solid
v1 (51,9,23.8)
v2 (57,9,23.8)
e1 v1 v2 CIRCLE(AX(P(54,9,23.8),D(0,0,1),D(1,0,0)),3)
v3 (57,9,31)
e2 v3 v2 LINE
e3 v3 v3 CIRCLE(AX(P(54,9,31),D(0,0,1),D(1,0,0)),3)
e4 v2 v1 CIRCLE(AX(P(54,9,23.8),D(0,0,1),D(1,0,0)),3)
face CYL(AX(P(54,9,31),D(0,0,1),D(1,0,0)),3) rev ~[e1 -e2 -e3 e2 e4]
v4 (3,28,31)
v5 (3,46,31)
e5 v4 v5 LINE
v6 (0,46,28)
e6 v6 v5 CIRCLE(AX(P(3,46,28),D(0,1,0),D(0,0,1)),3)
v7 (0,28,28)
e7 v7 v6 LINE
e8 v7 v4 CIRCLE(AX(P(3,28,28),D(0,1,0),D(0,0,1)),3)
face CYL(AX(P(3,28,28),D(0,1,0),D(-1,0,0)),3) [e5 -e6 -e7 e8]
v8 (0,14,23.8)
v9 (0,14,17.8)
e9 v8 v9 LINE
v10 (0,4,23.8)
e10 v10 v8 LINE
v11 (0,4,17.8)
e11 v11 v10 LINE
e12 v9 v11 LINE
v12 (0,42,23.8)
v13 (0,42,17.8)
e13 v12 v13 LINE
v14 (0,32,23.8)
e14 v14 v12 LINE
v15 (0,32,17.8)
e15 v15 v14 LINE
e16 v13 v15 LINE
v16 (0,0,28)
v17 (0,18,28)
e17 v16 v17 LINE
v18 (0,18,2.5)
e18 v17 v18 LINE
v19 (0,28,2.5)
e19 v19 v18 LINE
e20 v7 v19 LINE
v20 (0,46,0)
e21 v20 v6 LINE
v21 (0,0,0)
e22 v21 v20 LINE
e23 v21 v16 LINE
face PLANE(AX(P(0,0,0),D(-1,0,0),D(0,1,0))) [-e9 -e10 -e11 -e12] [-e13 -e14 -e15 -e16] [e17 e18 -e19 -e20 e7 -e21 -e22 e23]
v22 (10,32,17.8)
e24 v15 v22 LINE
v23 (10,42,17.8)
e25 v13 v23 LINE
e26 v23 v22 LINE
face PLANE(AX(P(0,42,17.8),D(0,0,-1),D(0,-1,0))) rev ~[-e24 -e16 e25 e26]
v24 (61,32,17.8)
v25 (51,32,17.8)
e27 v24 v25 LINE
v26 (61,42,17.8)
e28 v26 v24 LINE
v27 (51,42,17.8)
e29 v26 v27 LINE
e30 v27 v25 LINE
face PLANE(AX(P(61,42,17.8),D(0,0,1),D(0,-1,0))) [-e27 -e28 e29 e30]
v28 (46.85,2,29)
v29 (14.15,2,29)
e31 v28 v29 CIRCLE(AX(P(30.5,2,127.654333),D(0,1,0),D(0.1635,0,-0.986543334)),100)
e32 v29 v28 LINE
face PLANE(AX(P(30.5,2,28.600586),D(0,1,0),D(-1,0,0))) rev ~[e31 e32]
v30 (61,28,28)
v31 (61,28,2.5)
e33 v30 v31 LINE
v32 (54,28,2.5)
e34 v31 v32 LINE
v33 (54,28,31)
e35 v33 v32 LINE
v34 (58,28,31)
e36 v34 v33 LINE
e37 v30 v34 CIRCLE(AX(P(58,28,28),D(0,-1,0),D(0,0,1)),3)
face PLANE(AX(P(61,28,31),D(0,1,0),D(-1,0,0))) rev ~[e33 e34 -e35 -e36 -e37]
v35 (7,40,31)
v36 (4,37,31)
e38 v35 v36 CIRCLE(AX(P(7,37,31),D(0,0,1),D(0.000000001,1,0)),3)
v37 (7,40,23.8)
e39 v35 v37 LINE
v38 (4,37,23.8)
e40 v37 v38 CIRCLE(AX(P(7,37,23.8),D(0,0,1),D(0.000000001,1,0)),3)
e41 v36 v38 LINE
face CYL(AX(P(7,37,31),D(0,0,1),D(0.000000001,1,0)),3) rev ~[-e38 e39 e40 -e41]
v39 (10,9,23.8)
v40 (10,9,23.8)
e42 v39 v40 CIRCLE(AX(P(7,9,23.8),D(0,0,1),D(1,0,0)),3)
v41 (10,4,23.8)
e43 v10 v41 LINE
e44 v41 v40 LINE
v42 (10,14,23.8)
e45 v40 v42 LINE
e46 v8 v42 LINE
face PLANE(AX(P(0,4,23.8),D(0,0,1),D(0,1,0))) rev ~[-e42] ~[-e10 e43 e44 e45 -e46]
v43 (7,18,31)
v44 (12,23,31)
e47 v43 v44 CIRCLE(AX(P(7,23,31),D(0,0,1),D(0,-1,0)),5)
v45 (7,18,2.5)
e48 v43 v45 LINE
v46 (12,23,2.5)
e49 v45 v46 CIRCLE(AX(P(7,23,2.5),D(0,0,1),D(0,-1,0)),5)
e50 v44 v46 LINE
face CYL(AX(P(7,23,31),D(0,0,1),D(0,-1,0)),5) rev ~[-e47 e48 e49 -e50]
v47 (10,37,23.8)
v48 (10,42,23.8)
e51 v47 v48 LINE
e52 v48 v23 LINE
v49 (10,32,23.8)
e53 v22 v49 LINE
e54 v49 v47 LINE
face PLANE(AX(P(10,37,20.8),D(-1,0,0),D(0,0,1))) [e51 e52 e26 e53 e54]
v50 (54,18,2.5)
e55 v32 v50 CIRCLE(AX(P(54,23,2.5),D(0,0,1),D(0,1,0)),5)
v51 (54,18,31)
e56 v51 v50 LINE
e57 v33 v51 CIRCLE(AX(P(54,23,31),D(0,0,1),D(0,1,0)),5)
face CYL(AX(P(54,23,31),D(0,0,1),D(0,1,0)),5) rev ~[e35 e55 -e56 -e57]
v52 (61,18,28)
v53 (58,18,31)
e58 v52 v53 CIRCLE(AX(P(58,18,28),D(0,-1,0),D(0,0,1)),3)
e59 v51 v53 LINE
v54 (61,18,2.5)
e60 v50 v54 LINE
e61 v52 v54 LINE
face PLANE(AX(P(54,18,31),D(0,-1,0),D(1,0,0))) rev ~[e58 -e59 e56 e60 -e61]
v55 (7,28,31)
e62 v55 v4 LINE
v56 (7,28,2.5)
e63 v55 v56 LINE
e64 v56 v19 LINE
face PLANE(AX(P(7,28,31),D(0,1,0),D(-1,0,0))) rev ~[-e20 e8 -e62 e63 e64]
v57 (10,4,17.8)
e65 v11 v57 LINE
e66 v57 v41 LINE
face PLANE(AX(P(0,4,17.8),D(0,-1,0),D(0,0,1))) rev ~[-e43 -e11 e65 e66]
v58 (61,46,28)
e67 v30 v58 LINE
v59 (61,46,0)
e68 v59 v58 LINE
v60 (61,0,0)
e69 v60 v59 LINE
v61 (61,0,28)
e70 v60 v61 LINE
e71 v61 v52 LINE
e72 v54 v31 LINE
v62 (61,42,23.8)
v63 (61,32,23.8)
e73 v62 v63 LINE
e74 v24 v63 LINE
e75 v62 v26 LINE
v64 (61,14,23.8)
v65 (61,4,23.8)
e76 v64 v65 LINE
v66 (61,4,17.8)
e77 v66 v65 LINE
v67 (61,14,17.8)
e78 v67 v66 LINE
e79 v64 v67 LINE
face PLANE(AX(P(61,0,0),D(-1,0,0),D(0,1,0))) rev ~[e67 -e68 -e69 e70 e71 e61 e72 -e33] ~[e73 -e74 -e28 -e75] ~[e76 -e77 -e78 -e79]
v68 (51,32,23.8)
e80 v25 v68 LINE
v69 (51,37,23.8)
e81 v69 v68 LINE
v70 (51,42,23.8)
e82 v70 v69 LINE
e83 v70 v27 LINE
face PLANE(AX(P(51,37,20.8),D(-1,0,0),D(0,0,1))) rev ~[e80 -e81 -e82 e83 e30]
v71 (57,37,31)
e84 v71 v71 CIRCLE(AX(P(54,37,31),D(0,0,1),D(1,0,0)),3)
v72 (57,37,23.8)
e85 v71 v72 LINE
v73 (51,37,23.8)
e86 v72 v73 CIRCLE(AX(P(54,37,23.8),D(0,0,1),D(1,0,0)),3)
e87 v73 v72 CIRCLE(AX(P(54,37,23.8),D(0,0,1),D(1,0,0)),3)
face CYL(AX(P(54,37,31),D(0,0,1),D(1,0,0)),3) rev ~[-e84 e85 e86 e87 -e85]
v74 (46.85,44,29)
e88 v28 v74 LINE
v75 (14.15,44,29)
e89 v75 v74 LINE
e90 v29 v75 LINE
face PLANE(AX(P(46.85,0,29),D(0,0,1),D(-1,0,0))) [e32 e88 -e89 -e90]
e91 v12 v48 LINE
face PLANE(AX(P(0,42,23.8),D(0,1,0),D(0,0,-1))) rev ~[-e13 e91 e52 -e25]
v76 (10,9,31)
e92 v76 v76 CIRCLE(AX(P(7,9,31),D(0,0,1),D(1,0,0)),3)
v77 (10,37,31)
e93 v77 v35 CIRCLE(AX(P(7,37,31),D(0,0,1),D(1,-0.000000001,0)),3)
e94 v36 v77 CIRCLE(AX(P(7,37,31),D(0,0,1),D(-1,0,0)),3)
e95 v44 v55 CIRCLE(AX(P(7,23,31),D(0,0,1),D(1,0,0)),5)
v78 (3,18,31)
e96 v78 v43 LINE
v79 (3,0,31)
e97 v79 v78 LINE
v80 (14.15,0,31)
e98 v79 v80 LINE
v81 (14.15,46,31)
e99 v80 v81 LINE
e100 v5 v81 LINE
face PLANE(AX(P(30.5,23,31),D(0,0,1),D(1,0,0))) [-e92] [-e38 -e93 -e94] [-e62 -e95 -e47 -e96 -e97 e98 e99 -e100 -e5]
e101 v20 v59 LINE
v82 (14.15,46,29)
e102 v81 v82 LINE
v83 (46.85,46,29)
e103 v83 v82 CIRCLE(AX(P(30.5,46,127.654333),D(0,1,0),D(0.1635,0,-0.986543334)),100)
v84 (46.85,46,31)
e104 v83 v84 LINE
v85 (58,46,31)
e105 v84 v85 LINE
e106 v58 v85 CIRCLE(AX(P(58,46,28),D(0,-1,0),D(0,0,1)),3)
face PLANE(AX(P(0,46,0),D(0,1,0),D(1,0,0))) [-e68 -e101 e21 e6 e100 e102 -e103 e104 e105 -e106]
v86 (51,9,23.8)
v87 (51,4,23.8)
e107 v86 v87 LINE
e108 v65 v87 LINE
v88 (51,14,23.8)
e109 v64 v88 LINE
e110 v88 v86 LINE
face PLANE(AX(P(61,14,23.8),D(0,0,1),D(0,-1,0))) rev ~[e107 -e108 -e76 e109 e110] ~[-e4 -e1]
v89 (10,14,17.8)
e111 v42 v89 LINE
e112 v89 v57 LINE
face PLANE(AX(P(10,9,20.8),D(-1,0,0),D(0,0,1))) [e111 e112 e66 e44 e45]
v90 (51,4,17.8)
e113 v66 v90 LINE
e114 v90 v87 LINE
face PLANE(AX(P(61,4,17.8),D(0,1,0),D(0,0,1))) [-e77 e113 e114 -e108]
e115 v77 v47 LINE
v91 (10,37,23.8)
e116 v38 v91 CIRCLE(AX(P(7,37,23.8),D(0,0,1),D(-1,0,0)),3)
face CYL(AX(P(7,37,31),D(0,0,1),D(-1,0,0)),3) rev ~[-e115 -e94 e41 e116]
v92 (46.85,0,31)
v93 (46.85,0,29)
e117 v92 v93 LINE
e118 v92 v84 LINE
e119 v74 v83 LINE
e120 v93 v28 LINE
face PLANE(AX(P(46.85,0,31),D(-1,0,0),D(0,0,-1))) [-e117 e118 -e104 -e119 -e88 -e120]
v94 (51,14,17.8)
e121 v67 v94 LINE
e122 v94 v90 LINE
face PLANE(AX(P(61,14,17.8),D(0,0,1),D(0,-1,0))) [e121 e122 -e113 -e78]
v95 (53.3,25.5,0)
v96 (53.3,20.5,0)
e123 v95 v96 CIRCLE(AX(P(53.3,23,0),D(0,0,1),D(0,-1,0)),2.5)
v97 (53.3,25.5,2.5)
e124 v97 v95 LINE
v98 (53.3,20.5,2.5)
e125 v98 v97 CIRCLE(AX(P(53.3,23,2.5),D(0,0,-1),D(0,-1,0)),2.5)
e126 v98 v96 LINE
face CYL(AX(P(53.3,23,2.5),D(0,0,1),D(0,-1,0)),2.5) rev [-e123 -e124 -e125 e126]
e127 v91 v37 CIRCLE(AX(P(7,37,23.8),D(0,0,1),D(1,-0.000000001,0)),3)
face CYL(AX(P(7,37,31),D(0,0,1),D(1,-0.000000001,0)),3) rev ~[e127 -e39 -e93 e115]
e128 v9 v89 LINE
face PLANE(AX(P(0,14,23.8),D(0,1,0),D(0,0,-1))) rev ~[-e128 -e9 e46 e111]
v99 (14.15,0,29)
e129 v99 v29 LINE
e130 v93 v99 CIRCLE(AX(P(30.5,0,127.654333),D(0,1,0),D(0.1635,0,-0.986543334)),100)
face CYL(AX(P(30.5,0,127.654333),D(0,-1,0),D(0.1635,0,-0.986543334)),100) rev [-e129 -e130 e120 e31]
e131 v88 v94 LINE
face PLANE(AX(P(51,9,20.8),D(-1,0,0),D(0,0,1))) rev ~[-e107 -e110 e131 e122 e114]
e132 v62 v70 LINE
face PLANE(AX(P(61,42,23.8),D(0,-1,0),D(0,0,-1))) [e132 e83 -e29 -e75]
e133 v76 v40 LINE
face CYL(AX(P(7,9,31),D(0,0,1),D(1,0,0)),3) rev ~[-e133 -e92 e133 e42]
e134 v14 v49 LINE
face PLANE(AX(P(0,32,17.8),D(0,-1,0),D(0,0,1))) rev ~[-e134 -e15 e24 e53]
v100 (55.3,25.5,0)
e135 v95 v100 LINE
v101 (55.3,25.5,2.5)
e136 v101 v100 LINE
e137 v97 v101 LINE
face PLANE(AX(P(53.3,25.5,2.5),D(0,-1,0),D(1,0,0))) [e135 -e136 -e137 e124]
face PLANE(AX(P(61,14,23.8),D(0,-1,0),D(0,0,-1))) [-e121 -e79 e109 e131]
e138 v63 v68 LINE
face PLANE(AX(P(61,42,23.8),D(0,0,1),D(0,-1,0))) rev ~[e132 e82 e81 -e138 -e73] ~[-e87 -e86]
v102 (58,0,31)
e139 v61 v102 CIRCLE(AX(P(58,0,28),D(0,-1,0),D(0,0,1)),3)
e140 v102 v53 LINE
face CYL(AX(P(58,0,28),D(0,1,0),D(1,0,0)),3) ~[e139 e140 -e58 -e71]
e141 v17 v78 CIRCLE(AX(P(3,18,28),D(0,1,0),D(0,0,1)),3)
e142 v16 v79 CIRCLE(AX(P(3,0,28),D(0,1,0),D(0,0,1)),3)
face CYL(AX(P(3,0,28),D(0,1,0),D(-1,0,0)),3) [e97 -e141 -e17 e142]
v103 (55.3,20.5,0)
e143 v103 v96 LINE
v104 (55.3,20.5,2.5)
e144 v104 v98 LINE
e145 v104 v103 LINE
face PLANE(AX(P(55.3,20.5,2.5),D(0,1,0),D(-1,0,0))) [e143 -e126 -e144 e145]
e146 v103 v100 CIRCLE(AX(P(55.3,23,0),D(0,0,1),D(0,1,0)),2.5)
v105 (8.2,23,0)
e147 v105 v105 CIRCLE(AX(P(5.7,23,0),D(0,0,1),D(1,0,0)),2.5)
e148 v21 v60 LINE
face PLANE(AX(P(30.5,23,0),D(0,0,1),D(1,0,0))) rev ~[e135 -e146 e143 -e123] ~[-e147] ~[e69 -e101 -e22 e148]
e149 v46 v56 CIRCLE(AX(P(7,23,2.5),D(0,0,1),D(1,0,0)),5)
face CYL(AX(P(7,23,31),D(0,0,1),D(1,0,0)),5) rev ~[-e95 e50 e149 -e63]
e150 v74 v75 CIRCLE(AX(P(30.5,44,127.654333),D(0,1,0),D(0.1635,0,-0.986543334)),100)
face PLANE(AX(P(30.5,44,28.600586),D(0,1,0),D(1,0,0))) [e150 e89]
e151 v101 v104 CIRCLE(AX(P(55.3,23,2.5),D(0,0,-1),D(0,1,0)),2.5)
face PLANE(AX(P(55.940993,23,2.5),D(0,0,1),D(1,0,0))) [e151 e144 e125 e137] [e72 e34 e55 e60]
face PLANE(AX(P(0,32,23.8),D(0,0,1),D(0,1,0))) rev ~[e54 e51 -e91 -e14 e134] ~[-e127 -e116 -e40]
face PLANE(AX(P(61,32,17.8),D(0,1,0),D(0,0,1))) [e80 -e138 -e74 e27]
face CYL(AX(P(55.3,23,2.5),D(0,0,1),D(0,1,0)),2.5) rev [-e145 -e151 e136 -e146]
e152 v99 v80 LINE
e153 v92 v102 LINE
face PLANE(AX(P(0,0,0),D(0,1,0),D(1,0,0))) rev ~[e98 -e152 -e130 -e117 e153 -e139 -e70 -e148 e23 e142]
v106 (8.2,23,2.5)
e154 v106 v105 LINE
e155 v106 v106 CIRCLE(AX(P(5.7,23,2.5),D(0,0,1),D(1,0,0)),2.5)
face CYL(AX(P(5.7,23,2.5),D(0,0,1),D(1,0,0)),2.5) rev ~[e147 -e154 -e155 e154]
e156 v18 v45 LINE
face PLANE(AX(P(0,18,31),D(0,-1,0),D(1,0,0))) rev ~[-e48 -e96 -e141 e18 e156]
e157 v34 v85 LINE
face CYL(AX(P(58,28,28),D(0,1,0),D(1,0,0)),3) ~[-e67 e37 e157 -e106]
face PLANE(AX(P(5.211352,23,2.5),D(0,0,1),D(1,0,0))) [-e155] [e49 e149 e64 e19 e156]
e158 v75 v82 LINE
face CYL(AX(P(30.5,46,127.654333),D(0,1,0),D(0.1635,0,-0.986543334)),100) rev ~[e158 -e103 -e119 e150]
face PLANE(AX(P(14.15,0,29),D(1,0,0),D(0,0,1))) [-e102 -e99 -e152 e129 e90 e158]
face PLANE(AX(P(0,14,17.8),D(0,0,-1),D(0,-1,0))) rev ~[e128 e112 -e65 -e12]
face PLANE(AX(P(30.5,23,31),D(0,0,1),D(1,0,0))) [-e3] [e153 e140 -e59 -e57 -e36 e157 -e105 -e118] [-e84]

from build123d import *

# Parameters (mm, degrees)
SKETCH_1_W          = 61
SKETCH_1_H          = 46
EXTRUDE_1_DEPTH     = 31
CUT_EXTRUDE_1_DEPTH = 28.5
SKETCH_3_R          = 2.5
CUT_EXTRUDE_2_DEPTH = 28.5
CUT_EXTRUDE_3_DEPTH = 28.5
CUT_EXTRUDE_4_DEPTH = 68.5
CUT_EXTRUDE_5_DEPTH = 2
CUT_EXTRUDE_6_DEPTH = 2
SKETCH_8_R          = 3
CUT_EXTRUDE_7_DEPTH = 7.2
CUT_EXTRUDE_8_DEPTH = 10
CUT_EXTRUDE_9_DEPTH = 10
FILLET_1_R          = 3


with BuildPart() as part:
    # 草图1 → 凸台-拉伸1 (new body)
    with BuildSketch(Plane.XY):
        with Locations((30.5, 23)):
            Rectangle(SKETCH_1_W, SKETCH_1_H)
    extrude(amount=EXTRUDE_1_DEPTH)

    # 草图2 → 切除-拉伸1 (cut)
    with BuildSketch(Plane.XY.offset(31)):
        with BuildLine():
            ThreePointArc((7, 18), (10.535533906, 19.464466094), (12, 23))
            ThreePointArc((12, 23), (10.535533906, 26.535533906), (7, 28))
            Line((7, 28), (0, 28))
            Line((0, 28), (0, 18))
            Line((0, 18), (7, 18))
        make_face()
        with BuildLine():
            Line((61, 18), (61, 28))
            Line((61, 28), (54, 28))
            ThreePointArc((54, 28), (49, 23), (54, 18))
            Line((54, 18), (61, 18))
        make_face()
    extrude(amount=-CUT_EXTRUDE_1_DEPTH, mode=Mode.SUBTRACT)

    # 草图3 → 切除-拉伸2 (cut)
    with BuildSketch(Plane.XY.offset(2.5)):
        with Locations((5.7, 23)):
            Circle(SKETCH_3_R)
    extrude(amount=-CUT_EXTRUDE_2_DEPTH, mode=Mode.SUBTRACT)

    # 草图4 → 切除-拉伸3 (cut)
    with BuildSketch(Plane.XY.offset(2.5)):
        with BuildLine():
            Line((53.3, 25.5), (55.3, 25.5))
            ThreePointArc((55.3, 25.5), (57.8, 23), (55.3, 20.5))
            Line((55.3, 20.5), (53.3, 20.5))
            ThreePointArc((53.3, 20.5), (50.8, 23), (53.3, 25.5))
        make_face()
    extrude(amount=-CUT_EXTRUDE_3_DEPTH, mode=Mode.SUBTRACT)

    # 草图5 → 切除-拉伸4 (cut)
    with BuildSketch(Plane.XZ):
        Polygon((30.5, 31), (46.85, 31), (46.85, 29), (14.15, 29), (14.15, 31), align=None)
    extrude(amount=-CUT_EXTRUDE_4_DEPTH, mode=Mode.SUBTRACT)

    # 草图6 → 切除-拉伸5 (cut)
    with BuildSketch(Plane.XZ):
        with BuildLine():
            Line((14.15, 29), (46.85, 29))
            ThreePointArc((46.85, 29), (30.5, 27.654333407), (14.15, 29))
        make_face()
    extrude(amount=-CUT_EXTRUDE_5_DEPTH, mode=Mode.SUBTRACT)

    # 草图7 → 切除-拉伸6 (cut)
    with BuildSketch(Plane(origin=(0, 46, 0), x_dir=(1, 0, 0), z_dir=(0, 1, 0))):
        with BuildLine():
            Line((14.15, -29), (46.85, -29))
            ThreePointArc((46.85, -29), (30.5, -27.654333407), (14.15, -29))
        make_face()
    extrude(amount=-CUT_EXTRUDE_6_DEPTH, mode=Mode.SUBTRACT)

    # 草图8 → 切除-拉伸7 (cut)
    with BuildSketch(Plane.XY.offset(31)):
        with BuildLine():
            ThreePointArc((10, 37), (9.121320344, 39.121320344), (7, 40))
            Line((7, 40), (7, 37))
            Line((7, 37), (4, 37))
            ThreePointArc((4, 37), (7, 34), (10, 37))
        make_face()
        with BuildLine():
            Line((7, 37), (7, 40))
            ThreePointArc((7, 40), (4.878679656, 39.121320344), (4, 37))
            Line((4, 37), (7, 37))
        make_face()
        with Locations((7, 9)):
            Circle(SKETCH_8_R)
        with Locations((54, 9)):
            Circle(SKETCH_8_R)
        with Locations((54, 37)):
            Circle(SKETCH_8_R)
    extrude(amount=-CUT_EXTRUDE_7_DEPTH, mode=Mode.SUBTRACT)

    # 草图9 → 切除-拉伸8 (cut)
    with BuildSketch(Plane.ZY):
        Polygon((23.8, 32), (23.8, 37), (23.8, 42), (17.8, 42), (17.8, 41.5), (17.8, 32), align=None)
        Polygon((23.8, 4), (23.8, 14), (17.8, 14), (17.8, 4.5), (17.8, 4), align=None)
    extrude(amount=-CUT_EXTRUDE_8_DEPTH, mode=Mode.SUBTRACT)

    # 草图10 → 切除-拉伸9 (cut)
    with BuildSketch(Plane(origin=(61, 0, 0), x_dir=(0, 0, -1), z_dir=(1, 0, 0))):
        Polygon((-23.8, 4), (-23.8, 9), (-23.8, 14), (-17.8, 14), (-17.8, 4), align=None)
        Polygon((-23.8, 42), (-17.8, 42), (-17.8, 32), (-23.8, 32), (-23.8, 37), align=None)
    extrude(amount=-CUT_EXTRUDE_9_DEPTH, mode=Mode.SUBTRACT)

    # 圆角1
    fillet_1_edges = [part.edges().sort_by_distance(p)[0] for p in [
        (61, 9, 31),
        (0, 9, 31),
        (61, 37, 31),
        (0, 37, 31),
    ]]
    fillet(fillet_1_edges, radius=FILLET_1_R)


solid = part.part
